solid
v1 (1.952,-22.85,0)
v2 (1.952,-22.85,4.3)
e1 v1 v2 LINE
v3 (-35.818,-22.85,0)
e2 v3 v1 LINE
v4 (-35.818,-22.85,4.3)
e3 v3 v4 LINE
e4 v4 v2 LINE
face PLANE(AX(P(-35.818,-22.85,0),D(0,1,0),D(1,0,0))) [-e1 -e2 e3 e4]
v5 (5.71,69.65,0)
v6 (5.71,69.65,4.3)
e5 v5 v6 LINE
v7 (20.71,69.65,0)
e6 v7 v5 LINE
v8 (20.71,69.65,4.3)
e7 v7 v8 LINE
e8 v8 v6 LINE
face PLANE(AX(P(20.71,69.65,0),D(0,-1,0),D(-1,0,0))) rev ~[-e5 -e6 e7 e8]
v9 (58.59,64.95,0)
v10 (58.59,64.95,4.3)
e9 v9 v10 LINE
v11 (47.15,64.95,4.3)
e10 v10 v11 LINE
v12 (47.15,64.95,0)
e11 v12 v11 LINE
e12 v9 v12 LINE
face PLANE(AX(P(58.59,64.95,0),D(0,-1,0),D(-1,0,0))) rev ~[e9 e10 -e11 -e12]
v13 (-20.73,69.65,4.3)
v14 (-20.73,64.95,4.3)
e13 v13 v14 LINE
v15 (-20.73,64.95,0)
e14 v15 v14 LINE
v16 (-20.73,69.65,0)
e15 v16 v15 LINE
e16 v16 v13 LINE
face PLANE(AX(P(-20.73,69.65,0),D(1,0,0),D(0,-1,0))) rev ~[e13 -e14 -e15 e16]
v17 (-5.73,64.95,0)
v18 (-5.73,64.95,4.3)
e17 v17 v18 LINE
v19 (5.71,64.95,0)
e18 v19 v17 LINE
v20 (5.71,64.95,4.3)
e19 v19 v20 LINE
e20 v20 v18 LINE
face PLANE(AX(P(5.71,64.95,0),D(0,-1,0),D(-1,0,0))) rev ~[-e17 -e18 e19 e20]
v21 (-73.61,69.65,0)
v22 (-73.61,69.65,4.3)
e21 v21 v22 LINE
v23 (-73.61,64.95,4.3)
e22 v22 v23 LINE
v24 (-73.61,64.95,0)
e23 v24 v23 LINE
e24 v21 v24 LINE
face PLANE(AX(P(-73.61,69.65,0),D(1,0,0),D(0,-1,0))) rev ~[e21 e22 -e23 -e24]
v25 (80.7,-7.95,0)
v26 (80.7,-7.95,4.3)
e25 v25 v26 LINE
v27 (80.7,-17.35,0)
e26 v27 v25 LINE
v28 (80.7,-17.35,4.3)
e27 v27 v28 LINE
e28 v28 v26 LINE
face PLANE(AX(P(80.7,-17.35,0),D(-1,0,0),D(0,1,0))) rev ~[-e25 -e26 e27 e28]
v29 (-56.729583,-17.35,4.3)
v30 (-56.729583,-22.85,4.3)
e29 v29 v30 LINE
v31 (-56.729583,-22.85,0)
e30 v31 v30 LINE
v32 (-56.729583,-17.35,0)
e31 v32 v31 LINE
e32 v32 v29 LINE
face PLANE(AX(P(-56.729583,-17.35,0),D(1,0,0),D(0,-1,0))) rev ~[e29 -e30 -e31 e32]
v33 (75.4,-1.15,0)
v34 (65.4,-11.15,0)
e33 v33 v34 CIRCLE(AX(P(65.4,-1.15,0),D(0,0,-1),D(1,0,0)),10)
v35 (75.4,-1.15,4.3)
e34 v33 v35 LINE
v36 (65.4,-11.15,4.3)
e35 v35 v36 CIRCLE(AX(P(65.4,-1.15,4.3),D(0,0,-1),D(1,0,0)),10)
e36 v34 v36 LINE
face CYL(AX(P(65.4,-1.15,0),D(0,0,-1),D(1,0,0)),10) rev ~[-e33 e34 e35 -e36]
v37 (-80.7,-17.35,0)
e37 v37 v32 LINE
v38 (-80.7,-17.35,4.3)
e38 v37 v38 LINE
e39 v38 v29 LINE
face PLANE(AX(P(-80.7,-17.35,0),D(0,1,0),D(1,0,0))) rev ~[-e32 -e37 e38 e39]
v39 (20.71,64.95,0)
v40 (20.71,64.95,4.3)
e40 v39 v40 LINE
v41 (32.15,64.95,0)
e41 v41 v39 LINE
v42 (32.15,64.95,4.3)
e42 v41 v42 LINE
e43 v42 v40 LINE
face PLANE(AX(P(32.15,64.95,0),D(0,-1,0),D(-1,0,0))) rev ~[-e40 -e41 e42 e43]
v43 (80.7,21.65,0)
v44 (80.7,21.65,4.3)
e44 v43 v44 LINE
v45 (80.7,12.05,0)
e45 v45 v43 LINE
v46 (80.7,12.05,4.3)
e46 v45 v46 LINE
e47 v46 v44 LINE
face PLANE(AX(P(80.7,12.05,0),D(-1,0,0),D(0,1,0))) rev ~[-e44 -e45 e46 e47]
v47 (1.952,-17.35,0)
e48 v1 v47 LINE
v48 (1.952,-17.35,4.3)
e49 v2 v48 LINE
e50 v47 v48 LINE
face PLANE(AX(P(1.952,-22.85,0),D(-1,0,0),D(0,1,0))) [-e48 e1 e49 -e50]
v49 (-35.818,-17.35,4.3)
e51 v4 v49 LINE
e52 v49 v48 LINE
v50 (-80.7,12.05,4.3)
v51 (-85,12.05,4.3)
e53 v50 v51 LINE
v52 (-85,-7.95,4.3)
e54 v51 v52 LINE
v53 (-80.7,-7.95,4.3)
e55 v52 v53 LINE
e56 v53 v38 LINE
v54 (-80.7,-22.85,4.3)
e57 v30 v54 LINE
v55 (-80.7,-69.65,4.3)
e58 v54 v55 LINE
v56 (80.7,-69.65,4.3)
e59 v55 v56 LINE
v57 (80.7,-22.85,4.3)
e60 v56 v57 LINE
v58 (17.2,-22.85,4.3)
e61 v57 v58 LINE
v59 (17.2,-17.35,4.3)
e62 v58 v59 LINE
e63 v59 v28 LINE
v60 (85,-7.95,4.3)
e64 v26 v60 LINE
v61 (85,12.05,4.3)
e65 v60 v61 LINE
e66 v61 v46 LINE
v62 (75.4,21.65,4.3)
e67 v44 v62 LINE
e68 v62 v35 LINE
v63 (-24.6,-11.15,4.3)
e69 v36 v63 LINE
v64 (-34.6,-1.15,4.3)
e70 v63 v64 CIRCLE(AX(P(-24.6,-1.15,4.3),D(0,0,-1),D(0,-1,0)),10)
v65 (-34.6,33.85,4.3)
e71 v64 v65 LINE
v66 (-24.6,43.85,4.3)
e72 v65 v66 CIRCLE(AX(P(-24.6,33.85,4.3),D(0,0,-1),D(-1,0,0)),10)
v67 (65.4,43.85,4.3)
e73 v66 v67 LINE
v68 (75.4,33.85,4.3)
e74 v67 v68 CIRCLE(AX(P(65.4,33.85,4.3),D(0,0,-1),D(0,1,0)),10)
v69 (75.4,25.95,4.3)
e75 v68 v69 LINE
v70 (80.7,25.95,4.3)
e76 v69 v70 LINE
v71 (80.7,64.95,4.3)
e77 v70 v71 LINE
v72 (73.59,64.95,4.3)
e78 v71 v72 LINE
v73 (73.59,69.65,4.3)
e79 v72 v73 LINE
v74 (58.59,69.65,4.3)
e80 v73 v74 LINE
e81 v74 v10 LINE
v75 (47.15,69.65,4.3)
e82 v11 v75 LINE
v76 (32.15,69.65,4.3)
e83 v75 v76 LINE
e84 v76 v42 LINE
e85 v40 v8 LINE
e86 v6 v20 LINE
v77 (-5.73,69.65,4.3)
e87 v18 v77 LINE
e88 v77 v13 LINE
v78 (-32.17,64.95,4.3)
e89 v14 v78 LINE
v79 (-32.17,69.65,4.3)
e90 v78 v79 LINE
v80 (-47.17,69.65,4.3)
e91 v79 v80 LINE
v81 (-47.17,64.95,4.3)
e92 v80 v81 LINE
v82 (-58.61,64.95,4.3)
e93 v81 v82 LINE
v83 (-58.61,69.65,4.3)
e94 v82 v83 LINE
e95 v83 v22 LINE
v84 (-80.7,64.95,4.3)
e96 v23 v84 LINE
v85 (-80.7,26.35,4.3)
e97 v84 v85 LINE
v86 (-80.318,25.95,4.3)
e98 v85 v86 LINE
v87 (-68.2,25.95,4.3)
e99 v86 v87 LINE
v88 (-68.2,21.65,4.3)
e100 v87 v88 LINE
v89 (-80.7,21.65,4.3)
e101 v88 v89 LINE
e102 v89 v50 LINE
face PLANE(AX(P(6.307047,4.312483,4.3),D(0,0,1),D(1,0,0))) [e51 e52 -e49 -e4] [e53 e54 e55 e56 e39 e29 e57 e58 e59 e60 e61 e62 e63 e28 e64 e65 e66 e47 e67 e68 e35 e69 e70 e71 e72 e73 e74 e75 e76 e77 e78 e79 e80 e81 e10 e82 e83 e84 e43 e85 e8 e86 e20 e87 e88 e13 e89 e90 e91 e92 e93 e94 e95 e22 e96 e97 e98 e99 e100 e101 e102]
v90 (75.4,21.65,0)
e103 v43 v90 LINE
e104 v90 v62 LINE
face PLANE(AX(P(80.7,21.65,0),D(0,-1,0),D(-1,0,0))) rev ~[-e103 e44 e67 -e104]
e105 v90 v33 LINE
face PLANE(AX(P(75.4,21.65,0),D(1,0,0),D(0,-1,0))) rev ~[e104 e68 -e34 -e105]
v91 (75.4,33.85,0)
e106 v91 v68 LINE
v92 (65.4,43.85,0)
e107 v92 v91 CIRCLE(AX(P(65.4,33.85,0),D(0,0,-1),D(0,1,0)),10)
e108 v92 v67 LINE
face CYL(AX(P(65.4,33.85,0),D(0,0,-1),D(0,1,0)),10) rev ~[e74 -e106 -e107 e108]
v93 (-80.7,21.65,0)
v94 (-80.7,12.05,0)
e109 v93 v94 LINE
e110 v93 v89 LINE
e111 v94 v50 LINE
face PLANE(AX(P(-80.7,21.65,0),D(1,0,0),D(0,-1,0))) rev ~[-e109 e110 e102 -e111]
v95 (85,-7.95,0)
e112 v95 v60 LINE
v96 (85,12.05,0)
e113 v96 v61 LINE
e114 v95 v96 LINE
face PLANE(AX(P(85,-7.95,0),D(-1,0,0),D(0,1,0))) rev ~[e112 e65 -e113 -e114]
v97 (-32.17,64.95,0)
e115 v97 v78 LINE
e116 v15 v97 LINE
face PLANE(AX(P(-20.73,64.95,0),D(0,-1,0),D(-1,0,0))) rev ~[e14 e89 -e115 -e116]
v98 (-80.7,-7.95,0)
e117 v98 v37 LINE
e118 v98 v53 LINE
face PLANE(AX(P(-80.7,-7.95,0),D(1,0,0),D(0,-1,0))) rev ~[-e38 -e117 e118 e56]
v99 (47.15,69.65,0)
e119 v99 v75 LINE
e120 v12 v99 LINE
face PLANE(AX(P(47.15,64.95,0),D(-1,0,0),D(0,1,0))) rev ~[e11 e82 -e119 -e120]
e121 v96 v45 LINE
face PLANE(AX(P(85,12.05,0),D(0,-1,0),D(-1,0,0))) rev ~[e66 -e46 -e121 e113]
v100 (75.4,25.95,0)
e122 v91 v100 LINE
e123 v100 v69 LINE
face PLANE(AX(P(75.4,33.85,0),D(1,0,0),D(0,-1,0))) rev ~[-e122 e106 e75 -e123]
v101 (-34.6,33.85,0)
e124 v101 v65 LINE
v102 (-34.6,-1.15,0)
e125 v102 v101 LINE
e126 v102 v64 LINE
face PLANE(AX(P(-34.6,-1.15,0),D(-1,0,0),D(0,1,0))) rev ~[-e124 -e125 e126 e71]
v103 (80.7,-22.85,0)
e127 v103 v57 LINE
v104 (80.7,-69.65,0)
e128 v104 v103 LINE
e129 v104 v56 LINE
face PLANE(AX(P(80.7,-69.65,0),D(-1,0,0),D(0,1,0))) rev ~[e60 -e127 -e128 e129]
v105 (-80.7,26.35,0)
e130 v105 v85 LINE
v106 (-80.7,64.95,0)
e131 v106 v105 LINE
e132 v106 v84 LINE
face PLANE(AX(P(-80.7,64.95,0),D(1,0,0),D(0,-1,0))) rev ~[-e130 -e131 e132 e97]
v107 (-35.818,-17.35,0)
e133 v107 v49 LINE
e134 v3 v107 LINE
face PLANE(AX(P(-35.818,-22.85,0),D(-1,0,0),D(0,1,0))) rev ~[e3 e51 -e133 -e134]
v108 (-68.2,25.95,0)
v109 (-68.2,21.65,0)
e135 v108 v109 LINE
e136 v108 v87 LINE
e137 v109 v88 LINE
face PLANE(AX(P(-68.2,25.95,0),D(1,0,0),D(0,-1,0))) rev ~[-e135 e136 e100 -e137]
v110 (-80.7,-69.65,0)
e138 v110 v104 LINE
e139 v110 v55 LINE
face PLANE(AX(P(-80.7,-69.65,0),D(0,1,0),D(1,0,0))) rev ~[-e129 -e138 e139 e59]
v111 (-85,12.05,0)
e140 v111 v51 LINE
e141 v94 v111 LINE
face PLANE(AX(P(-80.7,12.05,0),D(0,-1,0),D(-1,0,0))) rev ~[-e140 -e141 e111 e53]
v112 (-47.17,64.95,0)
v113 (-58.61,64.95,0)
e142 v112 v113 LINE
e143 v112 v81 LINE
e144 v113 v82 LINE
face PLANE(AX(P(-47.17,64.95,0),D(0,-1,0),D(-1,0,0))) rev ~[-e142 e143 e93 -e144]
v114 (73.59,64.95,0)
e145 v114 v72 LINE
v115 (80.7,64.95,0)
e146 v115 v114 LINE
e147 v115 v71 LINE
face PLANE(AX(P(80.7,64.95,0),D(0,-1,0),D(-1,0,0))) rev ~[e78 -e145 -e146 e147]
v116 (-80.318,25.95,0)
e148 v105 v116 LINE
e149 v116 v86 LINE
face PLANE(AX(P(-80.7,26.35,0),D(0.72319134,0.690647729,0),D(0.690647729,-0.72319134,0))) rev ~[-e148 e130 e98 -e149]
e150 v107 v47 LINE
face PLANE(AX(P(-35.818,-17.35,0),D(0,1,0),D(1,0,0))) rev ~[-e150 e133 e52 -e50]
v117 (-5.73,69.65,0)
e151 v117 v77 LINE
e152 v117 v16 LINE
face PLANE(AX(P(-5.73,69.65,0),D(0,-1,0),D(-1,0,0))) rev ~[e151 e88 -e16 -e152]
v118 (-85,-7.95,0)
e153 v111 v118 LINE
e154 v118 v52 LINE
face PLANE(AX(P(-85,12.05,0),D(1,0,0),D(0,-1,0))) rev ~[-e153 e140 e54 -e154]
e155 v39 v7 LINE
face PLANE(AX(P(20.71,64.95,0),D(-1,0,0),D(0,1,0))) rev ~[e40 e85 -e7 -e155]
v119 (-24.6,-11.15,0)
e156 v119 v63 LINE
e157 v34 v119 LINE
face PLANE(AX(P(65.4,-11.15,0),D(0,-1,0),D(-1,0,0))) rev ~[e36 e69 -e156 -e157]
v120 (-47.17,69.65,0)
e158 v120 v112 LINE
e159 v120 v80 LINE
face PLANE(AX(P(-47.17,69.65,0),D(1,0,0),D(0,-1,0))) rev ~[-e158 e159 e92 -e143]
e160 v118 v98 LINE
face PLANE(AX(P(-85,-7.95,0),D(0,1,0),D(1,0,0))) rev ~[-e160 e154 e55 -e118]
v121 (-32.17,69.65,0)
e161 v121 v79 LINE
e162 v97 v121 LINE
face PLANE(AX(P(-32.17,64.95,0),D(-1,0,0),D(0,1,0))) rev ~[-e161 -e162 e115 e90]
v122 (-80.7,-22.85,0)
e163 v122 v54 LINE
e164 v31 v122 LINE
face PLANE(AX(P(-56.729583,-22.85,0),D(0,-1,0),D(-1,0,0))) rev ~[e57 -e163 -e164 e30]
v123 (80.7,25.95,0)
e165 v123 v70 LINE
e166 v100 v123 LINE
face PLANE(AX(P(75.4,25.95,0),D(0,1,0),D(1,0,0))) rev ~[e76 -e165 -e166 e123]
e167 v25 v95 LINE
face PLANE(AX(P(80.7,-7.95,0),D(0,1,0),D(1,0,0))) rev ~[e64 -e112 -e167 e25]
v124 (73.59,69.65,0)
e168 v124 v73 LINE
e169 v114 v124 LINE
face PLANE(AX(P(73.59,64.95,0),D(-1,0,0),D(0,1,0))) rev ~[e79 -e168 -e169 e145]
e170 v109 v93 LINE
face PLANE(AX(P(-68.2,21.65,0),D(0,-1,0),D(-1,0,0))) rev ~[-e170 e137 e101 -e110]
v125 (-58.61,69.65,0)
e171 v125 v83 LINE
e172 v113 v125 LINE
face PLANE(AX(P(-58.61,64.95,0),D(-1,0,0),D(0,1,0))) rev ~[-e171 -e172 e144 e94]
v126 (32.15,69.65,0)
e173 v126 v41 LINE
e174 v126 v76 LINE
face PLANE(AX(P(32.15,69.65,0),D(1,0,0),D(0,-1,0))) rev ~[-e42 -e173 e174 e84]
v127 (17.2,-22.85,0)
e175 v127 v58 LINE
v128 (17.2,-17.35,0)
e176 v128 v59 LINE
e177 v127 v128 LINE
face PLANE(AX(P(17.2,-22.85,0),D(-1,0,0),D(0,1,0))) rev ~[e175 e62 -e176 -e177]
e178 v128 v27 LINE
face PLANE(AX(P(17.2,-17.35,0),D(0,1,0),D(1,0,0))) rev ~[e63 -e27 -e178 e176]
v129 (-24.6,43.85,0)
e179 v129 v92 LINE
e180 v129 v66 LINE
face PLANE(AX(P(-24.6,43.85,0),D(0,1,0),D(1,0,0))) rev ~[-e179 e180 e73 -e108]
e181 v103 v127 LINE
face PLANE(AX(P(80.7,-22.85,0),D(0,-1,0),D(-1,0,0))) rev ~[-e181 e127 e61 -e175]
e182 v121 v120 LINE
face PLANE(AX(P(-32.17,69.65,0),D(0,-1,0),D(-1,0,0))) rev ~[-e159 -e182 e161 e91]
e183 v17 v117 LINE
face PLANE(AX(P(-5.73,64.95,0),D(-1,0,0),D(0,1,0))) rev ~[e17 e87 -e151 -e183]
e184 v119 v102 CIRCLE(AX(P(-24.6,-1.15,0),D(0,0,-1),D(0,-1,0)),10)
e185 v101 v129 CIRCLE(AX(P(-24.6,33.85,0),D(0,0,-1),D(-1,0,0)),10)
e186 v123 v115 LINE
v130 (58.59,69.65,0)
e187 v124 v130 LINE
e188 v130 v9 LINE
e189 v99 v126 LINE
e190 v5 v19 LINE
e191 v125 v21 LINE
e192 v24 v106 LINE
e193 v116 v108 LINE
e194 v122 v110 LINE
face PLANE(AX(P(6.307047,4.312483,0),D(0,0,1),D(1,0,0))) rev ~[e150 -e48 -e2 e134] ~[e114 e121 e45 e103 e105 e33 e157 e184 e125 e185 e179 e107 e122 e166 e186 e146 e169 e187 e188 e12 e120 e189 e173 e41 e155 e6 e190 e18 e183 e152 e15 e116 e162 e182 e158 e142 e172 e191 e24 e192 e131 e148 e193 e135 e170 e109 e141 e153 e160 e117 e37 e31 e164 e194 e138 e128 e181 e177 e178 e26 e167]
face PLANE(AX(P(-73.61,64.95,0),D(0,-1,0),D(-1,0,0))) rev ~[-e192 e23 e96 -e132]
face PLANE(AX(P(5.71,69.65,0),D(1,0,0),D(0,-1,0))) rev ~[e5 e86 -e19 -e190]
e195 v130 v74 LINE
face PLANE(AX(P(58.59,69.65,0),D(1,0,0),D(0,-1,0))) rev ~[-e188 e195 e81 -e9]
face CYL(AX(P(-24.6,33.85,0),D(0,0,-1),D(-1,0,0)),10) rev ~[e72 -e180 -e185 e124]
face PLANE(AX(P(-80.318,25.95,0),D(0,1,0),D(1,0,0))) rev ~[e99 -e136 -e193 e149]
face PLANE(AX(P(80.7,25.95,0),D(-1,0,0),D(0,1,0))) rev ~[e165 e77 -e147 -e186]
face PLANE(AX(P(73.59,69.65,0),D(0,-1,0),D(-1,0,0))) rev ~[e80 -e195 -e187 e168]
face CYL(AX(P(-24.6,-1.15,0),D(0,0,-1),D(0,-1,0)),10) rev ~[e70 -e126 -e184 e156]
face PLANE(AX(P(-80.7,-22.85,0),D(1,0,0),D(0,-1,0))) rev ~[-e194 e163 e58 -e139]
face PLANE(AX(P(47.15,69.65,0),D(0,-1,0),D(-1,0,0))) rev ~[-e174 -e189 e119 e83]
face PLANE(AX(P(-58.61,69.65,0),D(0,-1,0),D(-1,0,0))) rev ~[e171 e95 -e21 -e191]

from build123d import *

# Parameters (mm, degrees)
SKETCH2_W           = 37.77
SKETCH2_H           = 5.5
BOSS_EXTRUDE1_DEPTH = 4.3


with BuildPart() as part:
    # Sketch2 → Boss-Extrude1 (new body)
    with BuildSketch(Plane.XY):
        with BuildLine():
            Line((-58.61, 69.65), (-73.61, 69.65))
            Line((-73.61, 69.65), (-73.61, 64.95))
            Line((-73.61, 64.95), (-80.7, 64.95))
            Line((-80.7, 64.95), (-80.7, 26.35))
            Line((-80.7, 26.35), (-80.318, 25.95))
            Line((-80.318, 25.95), (-68.2, 25.95))
            Line((-68.2, 25.95), (-68.2, 21.65))
            Line((-68.2, 21.65), (-80.7, 21.65))
            Line((-80.7, 21.65), (-80.7, 12.05))
            Line((-80.7, 12.05), (-85, 12.05))
            Line((-85, 12.05), (-85, -7.95))
            Line((-85, -7.95), (-80.7, -7.95))
            Line((-80.7, -7.95), (-80.7, -17.35))
            Line((-80.7, -17.35), (-56.729583067, -17.35))
            Line((-56.729583067, -17.35), (-56.729583067, -22.85))
            Line((-56.729583067, -22.85), (-80.7, -22.85))
            Line((-80.7, -22.85), (-80.7, -69.65))
            Line((-80.7, -69.65), (80.7, -69.65))
            Line((80.7, -69.65), (80.7, -22.85))
            Line((80.7, -22.85), (17.2, -22.85))
            Line((17.2, -22.85), (17.2, -17.35))
            Line((17.2, -17.35), (80.7, -17.35))
            Line((80.7, -17.35), (80.7, -7.95))
            Line((80.7, -7.95), (85, -7.95))
            Line((85, -7.95), (85, 12.05))
            Line((85, 12.05), (80.7, 12.05))
            Line((80.7, 12.05), (80.7, 21.65))
            Line((80.7, 21.65), (80.282, 21.65))
            Line((80.282, 21.65), (75.4, 21.65))
            Line((75.4, 21.65), (75.4, -1.15))
            ThreePointArc((75.4, -1.15), (72.471067812, -8.221067812), (65.4, -11.15))
            Line((65.4, -11.15), (-24.6, -11.15))
            ThreePointArc((-24.6, -11.15), (-31.671067812, -8.221067812), (-34.6, -1.15))
            Line((-34.6, -1.15), (-34.6, 33.85))
            ThreePointArc((-34.6, 33.85), (-31.671067812, 40.921067812), (-24.6, 43.85))
            Line((-24.6, 43.85), (65.4, 43.85))
            ThreePointArc((65.4, 43.85), (72.471067812, 40.921067812), (75.4, 33.85))
            Line((75.4, 33.85), (75.4, 25.95))
            Line((75.4, 25.95), (79.9, 25.95))
            Line((79.9, 25.95), (80.7, 25.95))
            Line((80.7, 25.95), (80.7, 64.95))
            Line((80.7, 64.95), (73.59, 64.95))
            Line((73.59, 64.95), (73.59, 69.65))
            Line((73.59, 69.65), (58.59, 69.65))
            Line((58.59, 69.65), (58.59, 64.95))
            Line((58.59, 64.95), (47.15, 64.95))
            Line((47.15, 64.95), (47.15, 69.65))
            Line((47.15, 69.65), (32.15, 69.65))
            Line((32.15, 69.65), (32.15, 64.95))
            Line((32.15, 64.95), (20.71, 64.95))
            Line((20.71, 64.95), (20.71, 69.65))
            Line((20.71, 69.65), (5.71, 69.65))
            Line((5.71, 69.65), (5.71, 64.95))
            Line((5.71, 64.95), (-5.73, 64.95))
            Line((-5.73, 64.95), (-5.73, 69.65))
            Line((-5.73, 69.65), (-20.73, 69.65))
            Line((-20.73, 69.65), (-20.73, 64.95))
            Line((-20.73, 64.95), (-32.17, 64.95))
            Line((-32.17, 64.95), (-32.17, 69.65))
            Line((-32.17, 69.65), (-47.17, 69.65))
            Line((-47.17, 69.65), (-47.17, 64.95))
            Line((-47.17, 64.95), (-58.61, 64.95))
            Line((-58.61, 64.95), (-58.61, 69.65))
        make_face()
        with Locations((-16.933, -20.1)):
            Rectangle(SKETCH2_W, SKETCH2_H, mode=Mode.SUBTRACT)
    extrude(amount=BOSS_EXTRUDE1_DEPTH)


solid = part.part
